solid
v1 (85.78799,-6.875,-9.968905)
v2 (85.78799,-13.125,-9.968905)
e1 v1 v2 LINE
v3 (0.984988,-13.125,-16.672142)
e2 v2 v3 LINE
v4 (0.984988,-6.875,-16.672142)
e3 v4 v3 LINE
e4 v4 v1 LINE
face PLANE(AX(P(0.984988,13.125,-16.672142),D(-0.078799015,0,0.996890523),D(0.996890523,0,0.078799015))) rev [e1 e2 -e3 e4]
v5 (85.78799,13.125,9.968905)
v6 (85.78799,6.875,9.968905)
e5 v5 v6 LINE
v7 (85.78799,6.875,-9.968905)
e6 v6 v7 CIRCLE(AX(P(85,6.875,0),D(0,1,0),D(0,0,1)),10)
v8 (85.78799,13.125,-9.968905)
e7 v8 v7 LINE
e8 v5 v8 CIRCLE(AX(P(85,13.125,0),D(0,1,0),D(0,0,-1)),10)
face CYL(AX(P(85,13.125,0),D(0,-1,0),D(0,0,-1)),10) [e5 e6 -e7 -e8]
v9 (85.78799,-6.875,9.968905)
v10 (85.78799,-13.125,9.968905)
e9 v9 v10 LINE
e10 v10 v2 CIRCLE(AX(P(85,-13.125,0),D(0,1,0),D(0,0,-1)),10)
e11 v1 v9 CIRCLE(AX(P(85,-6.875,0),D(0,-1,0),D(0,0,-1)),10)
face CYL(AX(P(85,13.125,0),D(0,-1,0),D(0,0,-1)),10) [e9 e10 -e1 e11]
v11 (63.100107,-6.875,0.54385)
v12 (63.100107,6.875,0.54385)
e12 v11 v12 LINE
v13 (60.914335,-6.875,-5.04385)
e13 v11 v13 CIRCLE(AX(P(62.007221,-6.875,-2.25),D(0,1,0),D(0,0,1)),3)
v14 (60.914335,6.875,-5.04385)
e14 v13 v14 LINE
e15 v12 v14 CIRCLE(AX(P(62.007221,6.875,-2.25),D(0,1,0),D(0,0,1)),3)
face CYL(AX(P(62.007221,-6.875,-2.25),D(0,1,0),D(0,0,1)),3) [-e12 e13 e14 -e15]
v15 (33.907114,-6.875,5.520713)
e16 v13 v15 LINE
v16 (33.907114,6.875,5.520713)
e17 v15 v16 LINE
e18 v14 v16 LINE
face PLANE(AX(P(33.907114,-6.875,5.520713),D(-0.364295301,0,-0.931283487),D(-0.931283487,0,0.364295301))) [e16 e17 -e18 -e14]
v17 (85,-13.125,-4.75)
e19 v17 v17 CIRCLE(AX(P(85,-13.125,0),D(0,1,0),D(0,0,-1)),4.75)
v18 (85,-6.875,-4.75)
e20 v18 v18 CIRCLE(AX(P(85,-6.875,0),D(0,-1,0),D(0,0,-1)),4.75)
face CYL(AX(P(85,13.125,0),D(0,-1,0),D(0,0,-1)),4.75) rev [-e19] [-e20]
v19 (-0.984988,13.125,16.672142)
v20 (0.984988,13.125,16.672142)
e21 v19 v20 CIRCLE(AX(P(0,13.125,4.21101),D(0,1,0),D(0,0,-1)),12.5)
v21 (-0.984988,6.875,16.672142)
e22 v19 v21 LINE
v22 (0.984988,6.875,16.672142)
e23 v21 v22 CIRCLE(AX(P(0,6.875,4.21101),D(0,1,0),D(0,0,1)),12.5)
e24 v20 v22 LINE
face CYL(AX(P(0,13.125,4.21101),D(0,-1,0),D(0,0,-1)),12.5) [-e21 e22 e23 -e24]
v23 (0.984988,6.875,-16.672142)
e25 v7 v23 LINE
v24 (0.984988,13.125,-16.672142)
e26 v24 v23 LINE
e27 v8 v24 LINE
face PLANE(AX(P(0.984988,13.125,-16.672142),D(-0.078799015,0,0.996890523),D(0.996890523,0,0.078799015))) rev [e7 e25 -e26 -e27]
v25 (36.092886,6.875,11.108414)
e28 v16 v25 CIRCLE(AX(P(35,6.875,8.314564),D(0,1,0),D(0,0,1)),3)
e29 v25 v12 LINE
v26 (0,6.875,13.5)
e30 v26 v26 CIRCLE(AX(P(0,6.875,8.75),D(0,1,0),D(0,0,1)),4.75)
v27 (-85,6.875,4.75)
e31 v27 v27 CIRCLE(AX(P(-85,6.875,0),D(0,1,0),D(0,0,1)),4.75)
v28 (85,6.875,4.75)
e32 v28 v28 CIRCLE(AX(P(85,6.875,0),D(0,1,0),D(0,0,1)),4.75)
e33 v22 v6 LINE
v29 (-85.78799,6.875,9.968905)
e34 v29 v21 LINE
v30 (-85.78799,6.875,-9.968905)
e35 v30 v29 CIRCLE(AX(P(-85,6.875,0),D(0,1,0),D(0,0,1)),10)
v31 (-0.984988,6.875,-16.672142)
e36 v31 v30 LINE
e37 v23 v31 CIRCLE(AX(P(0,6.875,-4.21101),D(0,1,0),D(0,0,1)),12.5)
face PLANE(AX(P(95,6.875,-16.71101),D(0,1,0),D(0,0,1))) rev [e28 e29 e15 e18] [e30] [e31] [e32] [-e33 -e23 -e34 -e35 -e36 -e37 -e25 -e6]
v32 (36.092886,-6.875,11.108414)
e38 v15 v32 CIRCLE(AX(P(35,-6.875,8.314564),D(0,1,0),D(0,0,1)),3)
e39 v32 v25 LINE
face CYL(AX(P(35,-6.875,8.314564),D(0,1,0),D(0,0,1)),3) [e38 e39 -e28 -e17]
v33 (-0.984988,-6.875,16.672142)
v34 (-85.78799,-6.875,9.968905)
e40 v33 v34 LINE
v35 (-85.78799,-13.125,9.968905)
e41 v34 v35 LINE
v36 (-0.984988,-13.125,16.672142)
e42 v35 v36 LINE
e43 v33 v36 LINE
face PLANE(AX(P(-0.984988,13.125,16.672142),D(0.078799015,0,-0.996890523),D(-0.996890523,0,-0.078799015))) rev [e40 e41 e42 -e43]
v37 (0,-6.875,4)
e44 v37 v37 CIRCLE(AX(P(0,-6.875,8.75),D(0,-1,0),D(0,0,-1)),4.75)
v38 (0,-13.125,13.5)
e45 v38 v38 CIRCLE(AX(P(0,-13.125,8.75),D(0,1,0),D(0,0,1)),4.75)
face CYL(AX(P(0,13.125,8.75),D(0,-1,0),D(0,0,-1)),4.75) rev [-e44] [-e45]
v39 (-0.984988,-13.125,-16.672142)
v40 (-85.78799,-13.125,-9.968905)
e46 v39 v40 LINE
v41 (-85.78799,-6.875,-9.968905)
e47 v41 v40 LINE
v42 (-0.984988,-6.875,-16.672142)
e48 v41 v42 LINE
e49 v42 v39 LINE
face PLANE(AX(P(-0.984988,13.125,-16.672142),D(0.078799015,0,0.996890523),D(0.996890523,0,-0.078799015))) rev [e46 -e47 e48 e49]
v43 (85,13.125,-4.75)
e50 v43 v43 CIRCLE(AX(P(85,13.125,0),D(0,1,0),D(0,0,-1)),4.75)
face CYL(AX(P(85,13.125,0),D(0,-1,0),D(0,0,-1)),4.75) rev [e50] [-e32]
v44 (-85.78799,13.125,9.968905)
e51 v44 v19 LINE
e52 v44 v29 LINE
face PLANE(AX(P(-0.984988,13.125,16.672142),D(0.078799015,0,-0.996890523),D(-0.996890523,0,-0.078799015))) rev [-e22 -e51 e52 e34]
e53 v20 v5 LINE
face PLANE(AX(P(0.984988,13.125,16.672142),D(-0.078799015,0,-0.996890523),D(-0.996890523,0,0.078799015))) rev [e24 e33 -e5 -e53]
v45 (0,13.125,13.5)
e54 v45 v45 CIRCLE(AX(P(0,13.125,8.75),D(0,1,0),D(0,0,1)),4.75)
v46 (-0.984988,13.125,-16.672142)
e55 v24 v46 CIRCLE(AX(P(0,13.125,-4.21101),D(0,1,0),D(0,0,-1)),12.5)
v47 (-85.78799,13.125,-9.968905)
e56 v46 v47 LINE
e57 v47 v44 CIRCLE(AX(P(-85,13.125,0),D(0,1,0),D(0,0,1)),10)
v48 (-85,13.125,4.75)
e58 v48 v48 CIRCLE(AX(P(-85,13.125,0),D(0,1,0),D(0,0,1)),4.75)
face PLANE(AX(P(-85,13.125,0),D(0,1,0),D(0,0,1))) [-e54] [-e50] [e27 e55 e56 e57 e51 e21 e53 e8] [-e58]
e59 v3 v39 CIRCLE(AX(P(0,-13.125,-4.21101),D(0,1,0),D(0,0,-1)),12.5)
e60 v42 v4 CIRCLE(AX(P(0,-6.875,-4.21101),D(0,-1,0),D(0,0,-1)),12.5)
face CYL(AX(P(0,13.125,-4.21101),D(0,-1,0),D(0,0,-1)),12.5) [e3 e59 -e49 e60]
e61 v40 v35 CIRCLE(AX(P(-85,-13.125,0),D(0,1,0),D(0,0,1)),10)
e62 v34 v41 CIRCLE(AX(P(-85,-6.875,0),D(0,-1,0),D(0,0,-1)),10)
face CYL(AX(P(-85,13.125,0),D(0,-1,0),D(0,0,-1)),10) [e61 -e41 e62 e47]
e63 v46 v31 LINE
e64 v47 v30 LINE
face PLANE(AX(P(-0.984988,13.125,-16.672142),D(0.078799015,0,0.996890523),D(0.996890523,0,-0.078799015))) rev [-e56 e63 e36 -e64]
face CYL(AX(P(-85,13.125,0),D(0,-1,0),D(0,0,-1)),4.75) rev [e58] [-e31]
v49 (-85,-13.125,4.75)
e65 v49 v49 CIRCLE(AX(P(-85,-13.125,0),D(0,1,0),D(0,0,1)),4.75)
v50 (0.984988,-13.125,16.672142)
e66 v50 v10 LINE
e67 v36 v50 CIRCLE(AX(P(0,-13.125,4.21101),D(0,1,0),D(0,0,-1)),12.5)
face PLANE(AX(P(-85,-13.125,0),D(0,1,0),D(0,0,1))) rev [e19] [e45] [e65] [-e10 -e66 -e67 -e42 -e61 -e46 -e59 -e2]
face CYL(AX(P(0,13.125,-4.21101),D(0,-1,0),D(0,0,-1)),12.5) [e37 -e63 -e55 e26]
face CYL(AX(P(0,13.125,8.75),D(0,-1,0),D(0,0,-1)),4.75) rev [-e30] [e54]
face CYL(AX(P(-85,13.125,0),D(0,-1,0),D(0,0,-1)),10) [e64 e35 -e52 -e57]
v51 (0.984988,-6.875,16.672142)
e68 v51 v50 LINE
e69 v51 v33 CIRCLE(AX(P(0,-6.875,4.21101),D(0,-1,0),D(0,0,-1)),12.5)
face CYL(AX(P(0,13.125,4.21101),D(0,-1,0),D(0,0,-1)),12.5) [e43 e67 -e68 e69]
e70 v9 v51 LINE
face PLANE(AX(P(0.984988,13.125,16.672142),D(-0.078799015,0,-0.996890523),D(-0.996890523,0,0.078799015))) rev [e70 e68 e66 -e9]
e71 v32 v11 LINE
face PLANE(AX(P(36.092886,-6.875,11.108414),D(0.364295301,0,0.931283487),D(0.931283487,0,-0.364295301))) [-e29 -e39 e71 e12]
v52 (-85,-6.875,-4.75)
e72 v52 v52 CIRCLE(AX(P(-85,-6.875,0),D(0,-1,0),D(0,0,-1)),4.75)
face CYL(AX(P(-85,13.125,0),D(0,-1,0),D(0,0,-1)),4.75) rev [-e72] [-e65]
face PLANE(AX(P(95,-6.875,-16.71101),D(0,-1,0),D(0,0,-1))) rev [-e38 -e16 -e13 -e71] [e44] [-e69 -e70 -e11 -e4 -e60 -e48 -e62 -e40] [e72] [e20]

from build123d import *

# Parameters (mm, degrees)
SKETCH1_R                = 4.75
BOSS_EXTRUDE1_DEPTH      = 13.125
SKETCH2_W                = 190
SKETCH2_H                = 13.75
CUT_EXTRUDE1_DEPTH       = 34.711010303
BOSS_EXTRUDE4_DEPTH      = 6.875
BOSS_EXTRUDE4_DEPTH_BACK = 6.875


with BuildPart() as part:
    # Sketch1 → Boss-Extrude1 (new body, symmetric)
    with BuildSketch(Plane(origin=(0, 0, 0), x_dir=(1, 0, 0), z_dir=(0, 1, 0))):
        with BuildLine():
            Line((-0.984987686, 16.672141843), (-85.787990149, 9.968905232))
            ThreePointArc((-85.787990149, 9.968905232), (-95, 0), (-85.787990149, -9.968905232))
            Line((-85.787990149, -9.968905232), (-0.984987686, -16.672141843))
            ThreePointArc((-0.984987686, -16.672141843), (0, -16.711010303), (0.984987686, -16.672141843))
            Line((0.984987686, -16.672141843), (85.787990149, -9.968905232))
            ThreePointArc((85.787990149, -9.968905232), (95, 0), (85.787990149, 9.968905232))
            Line((85.787990149, 9.968905232), (0.984987686, 16.672141843))
            ThreePointArc((0.984987686, 16.672141843), (0, 16.711010303), (-0.984987686, 16.672141843))
        make_face()
        with Locations((-85, 0)):
            Circle(SKETCH1_R, mode=Mode.SUBTRACT)
        with Locations((85, 0)):
            Circle(SKETCH1_R, mode=Mode.SUBTRACT)
        with Locations((0, -8.75)):
            Circle(SKETCH1_R, mode=Mode.SUBTRACT)
    extrude(amount=BOSS_EXTRUDE1_DEPTH, both=True)

    # Sketch2 → Cut-Extrude1 (cut, through all)
    with BuildSketch(Plane.XY.offset(17)):
        Rectangle(SKETCH2_W, SKETCH2_H)
    extrude(amount=-CUT_EXTRUDE1_DEPTH, mode=Mode.SUBTRACT)

    # Sketch3 → Boss-Extrude4 (add, two sides)
    with BuildSketch(Plane(origin=(0, 0, 0), x_dir=(1, 0, 0), z_dir=(0, 1, 0))) as boss_extrude4_sk:
        with BuildLine():
            Line((33.907114097, -5.520713265), (60.914335229, 5.043850462))
            ThreePointArc((60.914335229, 5.043850462), (64.801071594, 3.342885903), (63.100107035, -0.543850462))
            Line((63.100107035, -0.543850462), (36.092885903, -11.108414189))
            ThreePointArc((36.092885903, -11.108414189), (32.206149538, -9.40744963), (33.907114097, -5.520713265))
        make_face()
    extrude(amount=BOSS_EXTRUDE4_DEPTH)
    extrude(boss_extrude4_sk.sketch, amount=-BOSS_EXTRUDE4_DEPTH_BACK)


solid = part.part
